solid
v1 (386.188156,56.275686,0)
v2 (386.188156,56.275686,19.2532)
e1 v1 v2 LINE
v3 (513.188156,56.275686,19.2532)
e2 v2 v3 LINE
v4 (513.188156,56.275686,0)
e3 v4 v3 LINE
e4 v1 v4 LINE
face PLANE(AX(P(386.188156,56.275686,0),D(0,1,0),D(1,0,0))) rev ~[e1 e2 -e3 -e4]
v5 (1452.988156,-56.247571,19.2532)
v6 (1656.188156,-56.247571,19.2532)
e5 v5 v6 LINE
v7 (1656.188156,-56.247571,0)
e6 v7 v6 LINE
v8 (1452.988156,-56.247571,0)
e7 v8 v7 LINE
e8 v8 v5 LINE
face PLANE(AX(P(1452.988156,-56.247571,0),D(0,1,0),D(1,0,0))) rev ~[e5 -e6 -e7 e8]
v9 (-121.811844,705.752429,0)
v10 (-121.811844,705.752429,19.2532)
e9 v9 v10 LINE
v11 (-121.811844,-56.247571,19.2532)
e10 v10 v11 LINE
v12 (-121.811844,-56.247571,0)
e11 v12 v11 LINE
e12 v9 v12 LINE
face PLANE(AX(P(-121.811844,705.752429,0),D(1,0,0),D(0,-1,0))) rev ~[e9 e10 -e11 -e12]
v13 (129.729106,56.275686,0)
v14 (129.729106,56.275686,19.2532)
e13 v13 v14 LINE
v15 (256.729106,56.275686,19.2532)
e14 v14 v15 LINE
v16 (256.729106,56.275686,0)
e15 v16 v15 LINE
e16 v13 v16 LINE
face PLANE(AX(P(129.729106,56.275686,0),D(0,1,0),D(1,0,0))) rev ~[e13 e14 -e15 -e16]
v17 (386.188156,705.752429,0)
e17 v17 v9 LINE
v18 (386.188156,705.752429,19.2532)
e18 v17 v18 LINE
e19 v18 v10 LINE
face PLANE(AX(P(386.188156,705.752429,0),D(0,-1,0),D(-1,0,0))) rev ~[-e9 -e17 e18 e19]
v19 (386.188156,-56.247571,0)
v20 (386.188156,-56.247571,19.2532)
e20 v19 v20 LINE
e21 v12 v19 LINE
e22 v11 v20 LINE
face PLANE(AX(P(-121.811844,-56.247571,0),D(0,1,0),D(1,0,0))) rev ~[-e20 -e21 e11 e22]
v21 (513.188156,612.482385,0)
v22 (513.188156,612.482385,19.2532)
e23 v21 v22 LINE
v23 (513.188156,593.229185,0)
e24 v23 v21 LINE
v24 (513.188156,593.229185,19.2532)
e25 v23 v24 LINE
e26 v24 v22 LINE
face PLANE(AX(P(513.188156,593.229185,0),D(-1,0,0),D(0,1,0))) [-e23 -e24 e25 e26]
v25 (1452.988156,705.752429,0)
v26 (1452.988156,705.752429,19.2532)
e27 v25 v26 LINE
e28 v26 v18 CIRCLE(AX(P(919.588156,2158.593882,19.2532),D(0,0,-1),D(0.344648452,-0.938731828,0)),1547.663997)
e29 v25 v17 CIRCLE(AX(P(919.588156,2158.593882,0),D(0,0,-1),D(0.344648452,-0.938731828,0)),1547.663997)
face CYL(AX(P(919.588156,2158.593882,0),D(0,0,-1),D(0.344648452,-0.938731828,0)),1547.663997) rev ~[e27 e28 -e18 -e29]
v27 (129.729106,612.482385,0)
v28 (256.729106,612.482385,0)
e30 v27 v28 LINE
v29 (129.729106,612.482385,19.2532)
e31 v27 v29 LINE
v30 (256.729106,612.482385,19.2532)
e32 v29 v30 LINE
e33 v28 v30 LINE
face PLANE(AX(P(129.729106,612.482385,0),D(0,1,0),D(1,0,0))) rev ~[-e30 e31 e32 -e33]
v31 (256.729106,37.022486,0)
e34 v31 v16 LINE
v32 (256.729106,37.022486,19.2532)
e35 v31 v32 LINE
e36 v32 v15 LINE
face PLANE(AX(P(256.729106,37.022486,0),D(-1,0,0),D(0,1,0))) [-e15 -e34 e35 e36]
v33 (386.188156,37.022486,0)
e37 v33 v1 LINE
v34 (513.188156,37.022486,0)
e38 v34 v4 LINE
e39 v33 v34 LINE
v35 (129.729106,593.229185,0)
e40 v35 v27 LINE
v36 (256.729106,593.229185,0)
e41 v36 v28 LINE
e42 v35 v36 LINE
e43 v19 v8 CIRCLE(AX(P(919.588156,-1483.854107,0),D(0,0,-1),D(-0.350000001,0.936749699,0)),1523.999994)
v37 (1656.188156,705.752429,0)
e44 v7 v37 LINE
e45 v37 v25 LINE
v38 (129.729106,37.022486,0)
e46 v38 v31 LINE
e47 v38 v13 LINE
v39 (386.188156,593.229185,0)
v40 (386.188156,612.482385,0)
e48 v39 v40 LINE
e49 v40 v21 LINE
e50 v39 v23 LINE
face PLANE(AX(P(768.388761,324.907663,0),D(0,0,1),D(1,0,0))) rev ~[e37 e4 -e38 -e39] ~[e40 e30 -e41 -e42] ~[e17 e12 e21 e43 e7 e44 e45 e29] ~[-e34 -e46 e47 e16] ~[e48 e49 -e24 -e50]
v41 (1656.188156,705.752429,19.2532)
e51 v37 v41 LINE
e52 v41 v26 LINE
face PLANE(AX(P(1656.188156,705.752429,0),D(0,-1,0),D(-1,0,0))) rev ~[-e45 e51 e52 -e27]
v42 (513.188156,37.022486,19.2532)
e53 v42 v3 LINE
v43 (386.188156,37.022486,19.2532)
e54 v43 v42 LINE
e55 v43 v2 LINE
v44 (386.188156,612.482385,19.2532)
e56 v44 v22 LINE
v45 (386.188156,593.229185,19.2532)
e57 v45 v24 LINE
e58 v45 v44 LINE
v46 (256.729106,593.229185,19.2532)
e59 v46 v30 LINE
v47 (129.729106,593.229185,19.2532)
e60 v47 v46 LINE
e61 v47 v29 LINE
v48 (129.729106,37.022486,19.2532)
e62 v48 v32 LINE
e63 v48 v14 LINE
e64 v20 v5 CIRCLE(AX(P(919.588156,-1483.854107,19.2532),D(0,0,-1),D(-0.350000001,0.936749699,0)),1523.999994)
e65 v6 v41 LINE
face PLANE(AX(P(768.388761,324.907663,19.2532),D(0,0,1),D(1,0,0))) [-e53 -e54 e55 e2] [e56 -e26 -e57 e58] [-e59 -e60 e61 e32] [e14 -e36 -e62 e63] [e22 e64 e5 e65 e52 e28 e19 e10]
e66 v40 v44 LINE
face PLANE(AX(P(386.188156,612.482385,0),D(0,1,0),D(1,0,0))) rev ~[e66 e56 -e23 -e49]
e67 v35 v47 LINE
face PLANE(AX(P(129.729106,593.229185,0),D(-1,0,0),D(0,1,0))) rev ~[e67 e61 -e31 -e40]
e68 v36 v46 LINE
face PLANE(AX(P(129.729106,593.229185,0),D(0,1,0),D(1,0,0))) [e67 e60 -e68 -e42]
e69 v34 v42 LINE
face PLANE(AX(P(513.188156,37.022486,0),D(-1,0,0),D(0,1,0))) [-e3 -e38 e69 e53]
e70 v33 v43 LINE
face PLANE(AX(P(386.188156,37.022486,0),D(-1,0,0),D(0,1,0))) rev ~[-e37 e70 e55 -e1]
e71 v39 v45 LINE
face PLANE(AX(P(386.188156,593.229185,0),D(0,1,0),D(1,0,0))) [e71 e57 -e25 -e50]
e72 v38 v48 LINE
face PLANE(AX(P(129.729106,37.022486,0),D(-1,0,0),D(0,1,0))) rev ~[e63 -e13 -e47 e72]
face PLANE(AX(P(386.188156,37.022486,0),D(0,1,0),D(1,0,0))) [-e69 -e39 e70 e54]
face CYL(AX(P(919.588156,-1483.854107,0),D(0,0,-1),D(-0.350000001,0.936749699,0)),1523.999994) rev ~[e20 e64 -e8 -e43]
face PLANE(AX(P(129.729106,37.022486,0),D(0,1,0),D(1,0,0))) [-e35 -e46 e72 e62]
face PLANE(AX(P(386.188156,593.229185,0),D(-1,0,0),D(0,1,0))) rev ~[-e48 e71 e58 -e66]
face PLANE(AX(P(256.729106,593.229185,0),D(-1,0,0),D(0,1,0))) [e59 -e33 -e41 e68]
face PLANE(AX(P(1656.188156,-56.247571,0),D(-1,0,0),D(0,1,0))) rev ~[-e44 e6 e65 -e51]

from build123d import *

# Parameters (mm, degrees)
F0_W     = 127
F0_H     = 19.2532
F1_DEPTH = 19.2532


with BuildPart() as f1:
    # F0 (on Top) → F1 (new body)
    with BuildSketch(Plane.XY):
        with BuildLine():
            Line((259.188156, 705.752429), (-121.811844, 705.752429))
            Line((-121.811844, 705.752429), (-121.811844, -56.247571))
            Line((-121.811844, -56.247571), (259.188156, -56.247571))
            Line((259.188156, -56.247571), (386.188156, -56.247571))
            ThreePointArc((386.188156, -56.247571), (919.588156, 40.145887), (1452.988156, -56.247571))
            Line((1452.988156, -56.247571), (1656.188156, -56.247571))
            Line((1656.188156, -56.247571), (1656.188156, 705.752429))
            Line((1656.188156, 705.752429), (1452.988156, 705.752429))
            ThreePointArc((1452.988156, 705.752429), (919.588156, 610.929885), (386.188156, 705.752429))
            Line((386.188156, 705.752429), (259.188156, 705.752429))
        make_face()
        with Locations((193.229106, 46.649086)):
            Rectangle(F0_W, F0_H, mode=Mode.SUBTRACT)
        with Locations((449.688156, 46.649086)):
            Rectangle(F0_W, F0_H, mode=Mode.SUBTRACT)
        with Locations((193.229106, 602.855785)):
            Rectangle(F0_W, F0_H, mode=Mode.SUBTRACT)
        with Locations((449.688156, 602.855785)):
            Rectangle(F0_W, F0_H, mode=Mode.SUBTRACT)
    extrude(amount=F1_DEPTH)


solid = f1.part
